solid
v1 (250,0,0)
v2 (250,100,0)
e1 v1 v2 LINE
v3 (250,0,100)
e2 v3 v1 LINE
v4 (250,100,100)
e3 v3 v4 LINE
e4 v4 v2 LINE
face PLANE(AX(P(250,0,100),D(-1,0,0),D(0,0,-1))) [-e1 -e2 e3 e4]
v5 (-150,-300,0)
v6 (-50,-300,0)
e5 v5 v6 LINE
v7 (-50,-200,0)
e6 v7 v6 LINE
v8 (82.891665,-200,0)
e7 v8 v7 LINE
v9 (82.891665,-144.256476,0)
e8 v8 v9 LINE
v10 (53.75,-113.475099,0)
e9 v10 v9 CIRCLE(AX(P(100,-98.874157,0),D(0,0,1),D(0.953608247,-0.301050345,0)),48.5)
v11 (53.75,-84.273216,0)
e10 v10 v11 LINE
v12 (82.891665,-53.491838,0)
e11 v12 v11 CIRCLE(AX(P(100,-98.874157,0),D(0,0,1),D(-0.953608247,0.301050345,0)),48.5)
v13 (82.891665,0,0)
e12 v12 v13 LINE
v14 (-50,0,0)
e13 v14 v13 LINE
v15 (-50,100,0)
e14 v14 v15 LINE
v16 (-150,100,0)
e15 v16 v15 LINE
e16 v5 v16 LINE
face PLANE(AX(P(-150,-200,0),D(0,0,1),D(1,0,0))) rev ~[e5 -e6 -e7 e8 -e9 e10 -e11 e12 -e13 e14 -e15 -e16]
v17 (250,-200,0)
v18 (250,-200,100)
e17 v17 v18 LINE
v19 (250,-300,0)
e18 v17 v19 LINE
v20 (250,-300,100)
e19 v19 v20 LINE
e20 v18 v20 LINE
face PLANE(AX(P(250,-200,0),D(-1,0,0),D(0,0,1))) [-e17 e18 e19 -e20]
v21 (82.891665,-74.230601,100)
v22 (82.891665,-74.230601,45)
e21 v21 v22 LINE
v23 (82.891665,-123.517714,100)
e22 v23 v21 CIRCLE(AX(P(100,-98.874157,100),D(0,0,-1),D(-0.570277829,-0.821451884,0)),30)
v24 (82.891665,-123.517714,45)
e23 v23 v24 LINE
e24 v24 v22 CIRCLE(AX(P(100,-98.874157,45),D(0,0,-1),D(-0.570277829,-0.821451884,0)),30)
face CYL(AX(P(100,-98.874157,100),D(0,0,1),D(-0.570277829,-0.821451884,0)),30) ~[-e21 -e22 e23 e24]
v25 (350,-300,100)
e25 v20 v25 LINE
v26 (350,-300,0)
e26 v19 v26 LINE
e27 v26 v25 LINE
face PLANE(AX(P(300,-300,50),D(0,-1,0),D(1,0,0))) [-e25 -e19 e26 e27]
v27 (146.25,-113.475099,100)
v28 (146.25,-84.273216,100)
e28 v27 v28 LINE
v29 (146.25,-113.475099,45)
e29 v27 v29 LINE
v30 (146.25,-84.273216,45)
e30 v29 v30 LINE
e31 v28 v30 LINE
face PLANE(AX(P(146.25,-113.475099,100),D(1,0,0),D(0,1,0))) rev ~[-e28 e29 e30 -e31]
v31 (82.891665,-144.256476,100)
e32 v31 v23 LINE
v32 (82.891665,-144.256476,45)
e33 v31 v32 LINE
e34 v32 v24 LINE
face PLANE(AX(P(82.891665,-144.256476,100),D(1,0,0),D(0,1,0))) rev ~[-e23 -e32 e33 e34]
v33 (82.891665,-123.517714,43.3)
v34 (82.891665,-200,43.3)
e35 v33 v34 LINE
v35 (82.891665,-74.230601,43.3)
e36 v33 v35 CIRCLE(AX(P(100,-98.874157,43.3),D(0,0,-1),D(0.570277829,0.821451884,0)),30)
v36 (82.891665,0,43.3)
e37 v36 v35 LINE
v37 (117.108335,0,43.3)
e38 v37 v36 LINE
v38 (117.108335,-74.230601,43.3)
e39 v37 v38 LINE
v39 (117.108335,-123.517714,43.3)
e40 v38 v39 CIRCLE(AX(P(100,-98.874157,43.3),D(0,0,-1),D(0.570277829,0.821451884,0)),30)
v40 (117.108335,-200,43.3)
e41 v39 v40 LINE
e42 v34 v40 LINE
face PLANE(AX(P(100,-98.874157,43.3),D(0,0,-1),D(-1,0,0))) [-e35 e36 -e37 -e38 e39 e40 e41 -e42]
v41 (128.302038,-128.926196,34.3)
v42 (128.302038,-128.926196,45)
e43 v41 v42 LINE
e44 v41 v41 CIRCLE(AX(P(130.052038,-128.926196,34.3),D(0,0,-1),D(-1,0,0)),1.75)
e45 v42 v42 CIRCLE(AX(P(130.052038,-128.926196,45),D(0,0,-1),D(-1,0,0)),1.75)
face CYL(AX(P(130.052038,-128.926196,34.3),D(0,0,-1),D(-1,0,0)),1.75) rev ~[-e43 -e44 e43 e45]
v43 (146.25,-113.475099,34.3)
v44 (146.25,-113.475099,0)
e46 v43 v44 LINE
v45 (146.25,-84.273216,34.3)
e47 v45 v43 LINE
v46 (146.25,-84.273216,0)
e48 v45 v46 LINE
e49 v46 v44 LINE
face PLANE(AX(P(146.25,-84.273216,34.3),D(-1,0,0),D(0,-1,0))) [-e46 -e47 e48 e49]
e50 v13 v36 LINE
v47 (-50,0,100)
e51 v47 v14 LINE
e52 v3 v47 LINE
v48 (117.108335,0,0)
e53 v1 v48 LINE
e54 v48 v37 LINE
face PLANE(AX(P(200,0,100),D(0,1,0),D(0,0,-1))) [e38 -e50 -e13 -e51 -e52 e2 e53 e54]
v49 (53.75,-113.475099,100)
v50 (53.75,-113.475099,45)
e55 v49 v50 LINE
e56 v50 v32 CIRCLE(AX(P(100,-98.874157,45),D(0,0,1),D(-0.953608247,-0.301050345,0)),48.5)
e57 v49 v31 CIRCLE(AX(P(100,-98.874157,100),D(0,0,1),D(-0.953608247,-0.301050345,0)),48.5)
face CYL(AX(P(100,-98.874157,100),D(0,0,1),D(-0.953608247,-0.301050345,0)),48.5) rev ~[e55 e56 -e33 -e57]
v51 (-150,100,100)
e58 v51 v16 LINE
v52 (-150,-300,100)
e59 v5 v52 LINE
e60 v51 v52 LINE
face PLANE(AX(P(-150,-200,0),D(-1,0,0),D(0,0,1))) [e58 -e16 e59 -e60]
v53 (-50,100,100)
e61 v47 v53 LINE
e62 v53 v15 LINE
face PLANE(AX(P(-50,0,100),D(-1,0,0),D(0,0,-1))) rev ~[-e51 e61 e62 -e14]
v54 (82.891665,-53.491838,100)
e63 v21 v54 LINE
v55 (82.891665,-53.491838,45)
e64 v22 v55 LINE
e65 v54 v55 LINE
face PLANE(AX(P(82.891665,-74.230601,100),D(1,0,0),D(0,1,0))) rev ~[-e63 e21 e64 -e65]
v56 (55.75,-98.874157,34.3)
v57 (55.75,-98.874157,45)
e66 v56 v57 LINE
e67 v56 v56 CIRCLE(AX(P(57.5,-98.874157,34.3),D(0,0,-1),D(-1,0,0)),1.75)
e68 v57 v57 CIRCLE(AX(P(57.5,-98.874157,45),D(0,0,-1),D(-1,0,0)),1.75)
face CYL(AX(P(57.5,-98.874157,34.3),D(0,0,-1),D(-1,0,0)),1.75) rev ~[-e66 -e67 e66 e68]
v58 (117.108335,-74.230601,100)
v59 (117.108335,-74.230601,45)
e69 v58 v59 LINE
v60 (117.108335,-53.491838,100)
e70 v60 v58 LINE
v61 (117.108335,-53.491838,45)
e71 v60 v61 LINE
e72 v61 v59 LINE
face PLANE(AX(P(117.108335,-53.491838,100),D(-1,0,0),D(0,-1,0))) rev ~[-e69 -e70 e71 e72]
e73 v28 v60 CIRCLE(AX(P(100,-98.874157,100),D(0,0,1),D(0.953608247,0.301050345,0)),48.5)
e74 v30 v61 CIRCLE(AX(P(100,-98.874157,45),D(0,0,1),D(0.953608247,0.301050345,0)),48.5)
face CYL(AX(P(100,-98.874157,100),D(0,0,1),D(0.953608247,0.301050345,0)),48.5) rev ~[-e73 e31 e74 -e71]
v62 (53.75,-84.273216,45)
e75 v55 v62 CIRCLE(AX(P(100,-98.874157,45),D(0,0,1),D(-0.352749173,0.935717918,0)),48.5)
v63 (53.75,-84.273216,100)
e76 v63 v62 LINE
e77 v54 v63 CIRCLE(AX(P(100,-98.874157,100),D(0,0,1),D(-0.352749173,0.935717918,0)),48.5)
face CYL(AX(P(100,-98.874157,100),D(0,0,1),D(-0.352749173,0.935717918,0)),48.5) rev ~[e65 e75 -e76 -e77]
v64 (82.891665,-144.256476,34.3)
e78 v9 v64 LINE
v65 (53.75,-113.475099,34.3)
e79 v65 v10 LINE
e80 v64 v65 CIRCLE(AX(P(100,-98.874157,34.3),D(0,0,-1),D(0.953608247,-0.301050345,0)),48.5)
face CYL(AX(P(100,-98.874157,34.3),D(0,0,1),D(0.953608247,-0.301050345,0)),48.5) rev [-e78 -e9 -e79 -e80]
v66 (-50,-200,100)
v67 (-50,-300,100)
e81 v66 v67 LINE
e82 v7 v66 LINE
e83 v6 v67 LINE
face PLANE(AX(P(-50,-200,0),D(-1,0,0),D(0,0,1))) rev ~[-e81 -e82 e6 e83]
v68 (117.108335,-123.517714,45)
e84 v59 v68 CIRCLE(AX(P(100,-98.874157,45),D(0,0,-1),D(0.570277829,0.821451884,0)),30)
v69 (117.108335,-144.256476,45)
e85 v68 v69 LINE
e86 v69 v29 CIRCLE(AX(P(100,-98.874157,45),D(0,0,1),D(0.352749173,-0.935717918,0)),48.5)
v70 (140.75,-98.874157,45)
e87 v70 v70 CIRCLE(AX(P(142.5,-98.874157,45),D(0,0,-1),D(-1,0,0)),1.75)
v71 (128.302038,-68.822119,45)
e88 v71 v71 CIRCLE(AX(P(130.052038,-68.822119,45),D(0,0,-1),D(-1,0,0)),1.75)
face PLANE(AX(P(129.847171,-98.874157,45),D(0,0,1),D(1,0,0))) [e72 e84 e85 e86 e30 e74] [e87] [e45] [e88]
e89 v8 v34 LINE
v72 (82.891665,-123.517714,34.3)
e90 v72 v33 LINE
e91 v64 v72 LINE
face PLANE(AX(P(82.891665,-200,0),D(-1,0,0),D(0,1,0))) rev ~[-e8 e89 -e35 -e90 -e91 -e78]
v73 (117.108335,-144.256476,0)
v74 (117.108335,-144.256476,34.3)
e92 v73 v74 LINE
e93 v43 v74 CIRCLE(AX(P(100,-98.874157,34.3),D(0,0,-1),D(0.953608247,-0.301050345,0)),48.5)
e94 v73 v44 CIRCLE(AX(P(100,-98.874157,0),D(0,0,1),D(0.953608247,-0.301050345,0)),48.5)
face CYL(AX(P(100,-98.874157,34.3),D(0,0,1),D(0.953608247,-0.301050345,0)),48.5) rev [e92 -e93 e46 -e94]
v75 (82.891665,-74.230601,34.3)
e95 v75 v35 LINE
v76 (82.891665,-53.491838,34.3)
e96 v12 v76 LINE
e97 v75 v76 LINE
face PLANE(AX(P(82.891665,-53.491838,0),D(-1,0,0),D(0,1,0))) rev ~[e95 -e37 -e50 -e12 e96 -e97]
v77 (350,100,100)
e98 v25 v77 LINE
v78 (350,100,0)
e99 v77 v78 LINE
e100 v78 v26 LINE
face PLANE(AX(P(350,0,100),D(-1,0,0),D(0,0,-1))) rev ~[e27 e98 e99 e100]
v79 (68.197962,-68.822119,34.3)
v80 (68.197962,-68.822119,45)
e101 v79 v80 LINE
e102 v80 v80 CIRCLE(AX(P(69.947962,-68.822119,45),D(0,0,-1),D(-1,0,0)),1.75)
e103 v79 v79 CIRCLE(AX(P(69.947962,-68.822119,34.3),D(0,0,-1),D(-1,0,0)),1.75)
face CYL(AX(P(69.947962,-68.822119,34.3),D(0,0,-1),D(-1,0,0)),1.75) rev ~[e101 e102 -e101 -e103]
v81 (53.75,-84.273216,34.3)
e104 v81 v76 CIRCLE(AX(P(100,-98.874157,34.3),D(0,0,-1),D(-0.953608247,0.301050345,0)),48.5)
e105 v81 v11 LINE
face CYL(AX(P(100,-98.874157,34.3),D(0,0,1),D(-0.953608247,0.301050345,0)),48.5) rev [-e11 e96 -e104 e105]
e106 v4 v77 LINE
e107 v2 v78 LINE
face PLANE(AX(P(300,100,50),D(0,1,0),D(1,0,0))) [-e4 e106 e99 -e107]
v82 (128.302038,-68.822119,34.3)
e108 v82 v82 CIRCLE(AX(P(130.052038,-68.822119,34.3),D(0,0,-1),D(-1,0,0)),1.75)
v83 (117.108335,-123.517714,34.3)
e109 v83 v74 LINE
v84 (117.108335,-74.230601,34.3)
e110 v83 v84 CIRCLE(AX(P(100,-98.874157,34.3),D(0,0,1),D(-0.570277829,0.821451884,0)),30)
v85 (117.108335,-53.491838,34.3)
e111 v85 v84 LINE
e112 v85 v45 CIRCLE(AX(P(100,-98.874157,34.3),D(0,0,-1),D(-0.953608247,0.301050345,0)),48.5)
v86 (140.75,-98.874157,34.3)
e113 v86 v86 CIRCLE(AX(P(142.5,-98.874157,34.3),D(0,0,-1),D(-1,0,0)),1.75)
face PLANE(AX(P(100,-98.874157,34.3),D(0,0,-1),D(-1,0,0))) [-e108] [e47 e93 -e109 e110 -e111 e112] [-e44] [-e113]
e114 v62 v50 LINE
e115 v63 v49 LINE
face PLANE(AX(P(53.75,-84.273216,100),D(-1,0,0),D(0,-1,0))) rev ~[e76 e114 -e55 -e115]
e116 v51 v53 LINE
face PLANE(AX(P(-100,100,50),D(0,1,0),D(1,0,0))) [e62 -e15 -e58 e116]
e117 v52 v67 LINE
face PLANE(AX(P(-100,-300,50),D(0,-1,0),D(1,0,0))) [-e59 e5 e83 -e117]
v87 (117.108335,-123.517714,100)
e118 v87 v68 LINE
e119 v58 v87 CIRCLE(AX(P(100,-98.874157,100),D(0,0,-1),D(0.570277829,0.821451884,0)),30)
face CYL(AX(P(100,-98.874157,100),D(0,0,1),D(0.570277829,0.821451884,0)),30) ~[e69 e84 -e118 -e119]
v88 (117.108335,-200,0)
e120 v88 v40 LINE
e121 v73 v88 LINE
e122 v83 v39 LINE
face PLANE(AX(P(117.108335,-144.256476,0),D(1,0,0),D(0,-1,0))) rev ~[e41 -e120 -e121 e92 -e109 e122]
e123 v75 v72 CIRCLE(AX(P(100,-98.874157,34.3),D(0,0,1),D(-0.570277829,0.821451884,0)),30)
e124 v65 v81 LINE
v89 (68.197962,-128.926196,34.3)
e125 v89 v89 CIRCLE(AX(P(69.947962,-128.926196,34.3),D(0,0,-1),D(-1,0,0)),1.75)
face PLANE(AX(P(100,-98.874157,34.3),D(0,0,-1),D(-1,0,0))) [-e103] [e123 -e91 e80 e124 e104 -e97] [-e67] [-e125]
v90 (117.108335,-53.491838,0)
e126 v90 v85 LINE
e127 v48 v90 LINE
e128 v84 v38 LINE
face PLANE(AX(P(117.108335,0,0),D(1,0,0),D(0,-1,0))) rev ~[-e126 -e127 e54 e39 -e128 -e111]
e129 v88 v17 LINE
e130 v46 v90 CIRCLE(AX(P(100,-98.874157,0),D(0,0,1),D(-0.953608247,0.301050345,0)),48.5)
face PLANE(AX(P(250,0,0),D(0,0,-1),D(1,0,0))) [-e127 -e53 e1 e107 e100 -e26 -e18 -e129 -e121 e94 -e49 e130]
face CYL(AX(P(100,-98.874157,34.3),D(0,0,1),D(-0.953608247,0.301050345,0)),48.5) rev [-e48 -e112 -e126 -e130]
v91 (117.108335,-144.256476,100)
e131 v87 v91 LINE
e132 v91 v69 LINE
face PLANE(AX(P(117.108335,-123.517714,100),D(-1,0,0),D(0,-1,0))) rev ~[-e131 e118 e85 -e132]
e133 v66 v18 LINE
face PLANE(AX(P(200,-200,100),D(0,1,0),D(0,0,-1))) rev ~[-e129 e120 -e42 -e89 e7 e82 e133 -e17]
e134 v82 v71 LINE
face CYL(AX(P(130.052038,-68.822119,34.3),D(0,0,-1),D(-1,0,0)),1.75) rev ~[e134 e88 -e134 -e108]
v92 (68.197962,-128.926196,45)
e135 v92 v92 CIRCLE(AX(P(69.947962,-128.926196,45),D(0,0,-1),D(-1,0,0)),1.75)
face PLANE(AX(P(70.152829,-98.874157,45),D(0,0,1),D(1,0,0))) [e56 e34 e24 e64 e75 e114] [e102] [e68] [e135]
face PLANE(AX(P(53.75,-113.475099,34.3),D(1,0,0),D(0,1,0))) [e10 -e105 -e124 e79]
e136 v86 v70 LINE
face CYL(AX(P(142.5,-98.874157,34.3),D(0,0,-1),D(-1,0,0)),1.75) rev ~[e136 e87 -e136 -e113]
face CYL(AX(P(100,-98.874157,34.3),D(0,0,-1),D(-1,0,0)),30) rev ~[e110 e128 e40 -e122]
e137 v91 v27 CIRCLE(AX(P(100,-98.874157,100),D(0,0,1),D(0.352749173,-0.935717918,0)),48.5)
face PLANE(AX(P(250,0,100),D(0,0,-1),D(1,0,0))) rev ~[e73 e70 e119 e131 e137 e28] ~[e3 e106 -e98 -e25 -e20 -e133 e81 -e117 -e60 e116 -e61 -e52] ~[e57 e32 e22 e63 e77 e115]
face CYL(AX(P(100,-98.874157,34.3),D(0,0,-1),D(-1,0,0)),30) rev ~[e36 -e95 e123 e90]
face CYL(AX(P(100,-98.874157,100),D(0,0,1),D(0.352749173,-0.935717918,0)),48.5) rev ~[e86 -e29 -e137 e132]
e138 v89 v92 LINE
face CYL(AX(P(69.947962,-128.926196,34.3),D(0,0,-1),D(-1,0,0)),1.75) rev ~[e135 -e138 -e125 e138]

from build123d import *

# Parameters (mm, degrees)
SKETCH_1_W               = 200
SKETCH_1_H               = 200
EXTRUDE_1_DEPTH          = 100
CUT_EXTRUDE_1_DEPTH      = 301
CUT_EXTRUDE_1_DEPTH_BACK = 34.3
SKETCH_3_R               = 30
CUT_EXTRUDE_2_DEPTH      = 9
CUT_EXTRUDE_3_REACH      = 302
CUT_EXTRUDE_4_DEPTH      = 55
SKETCH_7_R               = 1.75
CUT_EXTRUDE_7_DEPTH      = 291.373018719
SKETCH_9_W               = 100
SKETCH_9_H               = 200
EXTRUDE_2_DEPTH          = 150
SKETCH_10_W              = 100
SKETCH_10_H              = 200
EXTRUDE_3_DEPTH          = 150
SKETCH_11_W              = 100
SKETCH_11_H              = 100
EXTRUDE_4_DEPTH          = 100
SKETCH_12_W              = 100
SKETCH_12_H              = 100
EXTRUDE_5_DEPTH          = 100


with BuildPart() as part:
    # 草图1 → 凸台-拉伸1 (new body)
    with BuildSketch(Plane.XY):
        with Locations((100, -100)):
            Rectangle(SKETCH_1_W, SKETCH_1_H)
    extrude(amount=EXTRUDE_1_DEPTH)

    # 草图2 → 切除-拉伸1 (cut, two sides: drawn at the far end of the back side and taken through both)
    with BuildSketch(Plane(origin=(0, 0, 0), x_dir=(-1, 0, 0), z_dir=(0, 0, -1)).offset(-CUT_EXTRUDE_1_DEPTH_BACK)):
        with BuildLine():
            Line((-146.25, -84.273215621), (-146.25, -98.874157372))
            Line((-146.25, -98.874157372), (-146.25, -113.475099122))
            ThreePointArc((-146.25, -113.475099122), (-100, -147.374157372), (-53.75, -113.475099122))
            Line((-53.75, -113.475099122), (-53.75, -84.273215621))
            ThreePointArc((-53.75, -84.273215621), (-100, -50.374157372), (-146.25, -84.273215621))
        make_face()
    extrude(amount=CUT_EXTRUDE_1_DEPTH + CUT_EXTRUDE_1_DEPTH_BACK, mode=Mode.SUBTRACT)

    # 草图3 → 切除-拉伸2 (cut)
    with BuildSketch(Plane(origin=(0, 0, 34.3), x_dir=(-1, 0, 0), z_dir=(0, 0, -1))):
        with Locations((-100, -98.874157372)):
            Circle(SKETCH_3_R)
    extrude(amount=-CUT_EXTRUDE_2_DEPTH, mode=Mode.SUBTRACT)

    # 切除-拉伸3: up to this face of the body (flat: up to its plane)
    cut_extrude_3_end = Plane(part.part.faces().sort_by_distance((100, -98.874157372, 43.3))[0])
    # 草图4 → 切除-拉伸3 (cut, up to the picked face)
    with BuildSketch(Plane(origin=(0, 0, 0), x_dir=(-1, 0, 0), z_dir=(0, 0, -1)), mode=Mode.PRIVATE) as cut_extrude_3_sk1:
        with BuildLine():
            Line((-82.891665128, 0), (-117.108334872, 0))
            Line((-117.108334872, 0), (-117.108334872, -53.491838371))
            ThreePointArc((-117.108334872, -53.491838371), (-100, -50.374157372), (-82.891665128, -53.491838371))
            Line((-82.891665128, -53.491838371), (-82.891665128, 0))
        make_face()
    cut_extrude_3_tool1 = split(extrude(cut_extrude_3_sk1.sketch, amount=-CUT_EXTRUDE_3_REACH, mode=Mode.PRIVATE), bisect_by=cut_extrude_3_end, keep=Keep.BOTH, mode=Mode.PRIVATE)
    # 草图4 → 切除-拉伸3 (cut, up to the picked face)
    with BuildSketch(Plane(origin=(0, 0, 0), x_dir=(-1, 0, 0), z_dir=(0, 0, -1)), mode=Mode.PRIVATE) as cut_extrude_3_sk2:
        with BuildLine():
            ThreePointArc((-82.891665128, -53.491838371), (-100, -50.374157372), (-117.108334872, -53.491838371))
            Line((-117.108334872, -53.491838371), (-117.108334872, -74.230600853))
            ThreePointArc((-117.108334872, -74.230600853), (-100, -68.874157372), (-82.891665128, -74.230600853))
            Line((-82.891665128, -74.230600853), (-82.891665128, -53.491838371))
        make_face()
    cut_extrude_3_tool2 = split(extrude(cut_extrude_3_sk2.sketch, amount=-CUT_EXTRUDE_3_REACH, mode=Mode.PRIVATE), bisect_by=cut_extrude_3_end, keep=Keep.BOTH, mode=Mode.PRIVATE)
    # 草图4 → 切除-拉伸3 (cut, up to the picked face)
    with BuildSketch(Plane(origin=(0, 0, 0), x_dir=(-1, 0, 0), z_dir=(0, 0, -1)), mode=Mode.PRIVATE) as cut_extrude_3_sk3:
        with BuildLine():
            ThreePointArc((-82.891665128, -74.230600853), (-100, -68.874157372), (-117.108334872, -74.230600853))
            Line((-117.108334872, -74.230600853), (-117.108334872, -123.517713891))
            ThreePointArc((-117.108334872, -123.517713891), (-100, -128.874157372), (-82.891665128, -123.517713891))
            Line((-82.891665128, -123.517713891), (-82.891665128, -74.230600853))
        make_face()
    cut_extrude_3_tool3 = split(extrude(cut_extrude_3_sk3.sketch, amount=-CUT_EXTRUDE_3_REACH, mode=Mode.PRIVATE), bisect_by=cut_extrude_3_end, keep=Keep.BOTH, mode=Mode.PRIVATE)
    # 草图4 → 切除-拉伸3 (cut, up to the picked face)
    with BuildSketch(Plane(origin=(0, 0, 0), x_dir=(-1, 0, 0), z_dir=(0, 0, -1)), mode=Mode.PRIVATE) as cut_extrude_3_sk4:
        with BuildLine():
            ThreePointArc((-82.891665128, -123.517713891), (-100, -128.874157372), (-117.108334872, -123.517713891))
            Line((-117.108334872, -123.517713891), (-117.108334872, -144.256476373))
            ThreePointArc((-117.108334872, -144.256476373), (-100, -147.374157372), (-82.891665128, -144.256476373))
            Line((-82.891665128, -144.256476373), (-82.891665128, -123.517713891))
        make_face()
    cut_extrude_3_tool4 = split(extrude(cut_extrude_3_sk4.sketch, amount=-CUT_EXTRUDE_3_REACH, mode=Mode.PRIVATE), bisect_by=cut_extrude_3_end, keep=Keep.BOTH, mode=Mode.PRIVATE)
    # 草图4 → 切除-拉伸3 (cut, up to the picked face)
    with BuildSketch(Plane(origin=(0, 0, 0), x_dir=(-1, 0, 0), z_dir=(0, 0, -1)), mode=Mode.PRIVATE) as cut_extrude_3_sk5:
        with BuildLine():
            ThreePointArc((-82.891665128, -144.256476373), (-100, -147.374157372), (-117.108334872, -144.256476373))
            Line((-117.108334872, -144.256476373), (-117.108334872, -200))
            Line((-117.108334872, -200), (-82.891665128, -200))
            Line((-82.891665128, -200), (-82.891665128, -144.256476373))
        make_face()
    cut_extrude_3_tool5 = split(extrude(cut_extrude_3_sk5.sketch, amount=-CUT_EXTRUDE_3_REACH, mode=Mode.PRIVATE), bisect_by=cut_extrude_3_end, keep=Keep.BOTH, mode=Mode.PRIVATE)
    add(cut_extrude_3_tool1.solids().sort_by(Axis((100, -25.708145, 0), (0, 0, 1)))[0], mode=Mode.SUBTRACT)
    add(cut_extrude_3_tool2.solids().sort_by(Axis((100, -61.037282, 0), (0, 0, 1)))[0], mode=Mode.SUBTRACT)
    add(cut_extrude_3_tool3.solids().sort_by(Axis((100, -98.874157, 0), (0, 0, 1)))[0], mode=Mode.SUBTRACT)
    add(cut_extrude_3_tool4.solids().sort_by(Axis((100, -136.711033, 0), (0, 0, 1)))[0], mode=Mode.SUBTRACT)
    add(cut_extrude_3_tool5.solids().sort_by(Axis((100, -173.166361, 0), (0, 0, 1)))[0], mode=Mode.SUBTRACT)

    # 草图6 → 切除-拉伸4 (cut)
    with BuildSketch(Plane.XY.offset(100)):
        with BuildLine():
            Line((82.891665128, -74.230600853), (82.891665128, -53.491838371))
            ThreePointArc((82.891665128, -53.491838371), (64.780077431, -65.530386526), (53.75, -84.273215621))
            Line((53.75, -84.273215621), (53.75, -113.475099122))
            ThreePointArc((53.75, -113.475099122), (64.780077431, -132.217928217), (82.891665128, -144.256476373))
            Line((82.891665128, -144.256476373), (82.891665128, -123.517713891))
            ThreePointArc((82.891665128, -123.517713891), (70, -98.874157372), (82.891665128, -74.230600853))
        make_face()
        with BuildLine():
            Line((117.108334872, -53.491838371), (117.108334872, -74.230600853))
            ThreePointArc((117.108334872, -74.230600853), (130, -98.874157372), (117.108334872, -123.517713891))
            Line((117.108334872, -123.517713891), (117.108334872, -144.256476373))
            ThreePointArc((117.108334872, -144.256476373), (135.219922569, -132.217928217), (146.25, -113.475099122))
            Line((146.25, -113.475099122), (146.25, -84.273215621))
            ThreePointArc((146.25, -84.273215621), (135.219922569, -65.530386526), (117.108334872, -53.491838371))
        make_face()
    extrude(amount=-CUT_EXTRUDE_4_DEPTH, mode=Mode.SUBTRACT)

    # 草图7 → 切除-拉伸7 (cut, through all)
    with BuildSketch(Plane(origin=(0, 0, 34.3), x_dir=(-1, 0, 0), z_dir=(0, 0, -1))):
        with Locations((-142.5, -98.874157372)):
            Circle(SKETCH_7_R)
        with Locations((-130.0520382, -68.822119171)):
            Circle(SKETCH_7_R)
        with Locations((-69.9479618, -68.822119171)):
            Circle(SKETCH_7_R)
        with Locations((-57.5, -98.874157372)):
            Circle(SKETCH_7_R)
        with Locations((-69.9479618, -128.926195572)):
            Circle(SKETCH_7_R)
        with Locations((-130.0520382, -128.926195572)):
            Circle(SKETCH_7_R)
    extrude(amount=-CUT_EXTRUDE_7_DEPTH, mode=Mode.SUBTRACT)

    # 草图9 → 凸台-拉伸2 (add)
    with BuildSketch(Plane.ZY):
        with Locations((50, -100)):
            Rectangle(SKETCH_9_W, SKETCH_9_H)
    extrude(amount=EXTRUDE_2_DEPTH)

    # 草图10 → 凸台-拉伸3 (add)
    with BuildSketch(Plane(origin=(200, 0, 0), x_dir=(0, 0, -1), z_dir=(1, 0, 0))):
        with Locations((-50, -100)):
            Rectangle(SKETCH_10_W, SKETCH_10_H)
    extrude(amount=EXTRUDE_3_DEPTH)

    # 草图11 → 凸台-拉伸4 (add)
    with BuildSketch(Plane.XZ.offset(200)):
        with Locations((-100, 50)):
            Rectangle(SKETCH_11_W, SKETCH_11_H)
        with Locations((300, 50)):
            Rectangle(SKETCH_11_W, SKETCH_11_H)
    extrude(amount=EXTRUDE_4_DEPTH)

    # 草图12 → 凸台-拉伸5 (add)
    with BuildSketch(Plane(origin=(0, 0, 0), x_dir=(1, 0, 0), z_dir=(0, 1, 0))):
        with Locations((300, -50)):
            Rectangle(SKETCH_12_W, SKETCH_12_H)
        with Locations((-100, -50)):
            Rectangle(SKETCH_12_W, SKETCH_12_H)
    extrude(amount=EXTRUDE_5_DEPTH)


solid = part.part
